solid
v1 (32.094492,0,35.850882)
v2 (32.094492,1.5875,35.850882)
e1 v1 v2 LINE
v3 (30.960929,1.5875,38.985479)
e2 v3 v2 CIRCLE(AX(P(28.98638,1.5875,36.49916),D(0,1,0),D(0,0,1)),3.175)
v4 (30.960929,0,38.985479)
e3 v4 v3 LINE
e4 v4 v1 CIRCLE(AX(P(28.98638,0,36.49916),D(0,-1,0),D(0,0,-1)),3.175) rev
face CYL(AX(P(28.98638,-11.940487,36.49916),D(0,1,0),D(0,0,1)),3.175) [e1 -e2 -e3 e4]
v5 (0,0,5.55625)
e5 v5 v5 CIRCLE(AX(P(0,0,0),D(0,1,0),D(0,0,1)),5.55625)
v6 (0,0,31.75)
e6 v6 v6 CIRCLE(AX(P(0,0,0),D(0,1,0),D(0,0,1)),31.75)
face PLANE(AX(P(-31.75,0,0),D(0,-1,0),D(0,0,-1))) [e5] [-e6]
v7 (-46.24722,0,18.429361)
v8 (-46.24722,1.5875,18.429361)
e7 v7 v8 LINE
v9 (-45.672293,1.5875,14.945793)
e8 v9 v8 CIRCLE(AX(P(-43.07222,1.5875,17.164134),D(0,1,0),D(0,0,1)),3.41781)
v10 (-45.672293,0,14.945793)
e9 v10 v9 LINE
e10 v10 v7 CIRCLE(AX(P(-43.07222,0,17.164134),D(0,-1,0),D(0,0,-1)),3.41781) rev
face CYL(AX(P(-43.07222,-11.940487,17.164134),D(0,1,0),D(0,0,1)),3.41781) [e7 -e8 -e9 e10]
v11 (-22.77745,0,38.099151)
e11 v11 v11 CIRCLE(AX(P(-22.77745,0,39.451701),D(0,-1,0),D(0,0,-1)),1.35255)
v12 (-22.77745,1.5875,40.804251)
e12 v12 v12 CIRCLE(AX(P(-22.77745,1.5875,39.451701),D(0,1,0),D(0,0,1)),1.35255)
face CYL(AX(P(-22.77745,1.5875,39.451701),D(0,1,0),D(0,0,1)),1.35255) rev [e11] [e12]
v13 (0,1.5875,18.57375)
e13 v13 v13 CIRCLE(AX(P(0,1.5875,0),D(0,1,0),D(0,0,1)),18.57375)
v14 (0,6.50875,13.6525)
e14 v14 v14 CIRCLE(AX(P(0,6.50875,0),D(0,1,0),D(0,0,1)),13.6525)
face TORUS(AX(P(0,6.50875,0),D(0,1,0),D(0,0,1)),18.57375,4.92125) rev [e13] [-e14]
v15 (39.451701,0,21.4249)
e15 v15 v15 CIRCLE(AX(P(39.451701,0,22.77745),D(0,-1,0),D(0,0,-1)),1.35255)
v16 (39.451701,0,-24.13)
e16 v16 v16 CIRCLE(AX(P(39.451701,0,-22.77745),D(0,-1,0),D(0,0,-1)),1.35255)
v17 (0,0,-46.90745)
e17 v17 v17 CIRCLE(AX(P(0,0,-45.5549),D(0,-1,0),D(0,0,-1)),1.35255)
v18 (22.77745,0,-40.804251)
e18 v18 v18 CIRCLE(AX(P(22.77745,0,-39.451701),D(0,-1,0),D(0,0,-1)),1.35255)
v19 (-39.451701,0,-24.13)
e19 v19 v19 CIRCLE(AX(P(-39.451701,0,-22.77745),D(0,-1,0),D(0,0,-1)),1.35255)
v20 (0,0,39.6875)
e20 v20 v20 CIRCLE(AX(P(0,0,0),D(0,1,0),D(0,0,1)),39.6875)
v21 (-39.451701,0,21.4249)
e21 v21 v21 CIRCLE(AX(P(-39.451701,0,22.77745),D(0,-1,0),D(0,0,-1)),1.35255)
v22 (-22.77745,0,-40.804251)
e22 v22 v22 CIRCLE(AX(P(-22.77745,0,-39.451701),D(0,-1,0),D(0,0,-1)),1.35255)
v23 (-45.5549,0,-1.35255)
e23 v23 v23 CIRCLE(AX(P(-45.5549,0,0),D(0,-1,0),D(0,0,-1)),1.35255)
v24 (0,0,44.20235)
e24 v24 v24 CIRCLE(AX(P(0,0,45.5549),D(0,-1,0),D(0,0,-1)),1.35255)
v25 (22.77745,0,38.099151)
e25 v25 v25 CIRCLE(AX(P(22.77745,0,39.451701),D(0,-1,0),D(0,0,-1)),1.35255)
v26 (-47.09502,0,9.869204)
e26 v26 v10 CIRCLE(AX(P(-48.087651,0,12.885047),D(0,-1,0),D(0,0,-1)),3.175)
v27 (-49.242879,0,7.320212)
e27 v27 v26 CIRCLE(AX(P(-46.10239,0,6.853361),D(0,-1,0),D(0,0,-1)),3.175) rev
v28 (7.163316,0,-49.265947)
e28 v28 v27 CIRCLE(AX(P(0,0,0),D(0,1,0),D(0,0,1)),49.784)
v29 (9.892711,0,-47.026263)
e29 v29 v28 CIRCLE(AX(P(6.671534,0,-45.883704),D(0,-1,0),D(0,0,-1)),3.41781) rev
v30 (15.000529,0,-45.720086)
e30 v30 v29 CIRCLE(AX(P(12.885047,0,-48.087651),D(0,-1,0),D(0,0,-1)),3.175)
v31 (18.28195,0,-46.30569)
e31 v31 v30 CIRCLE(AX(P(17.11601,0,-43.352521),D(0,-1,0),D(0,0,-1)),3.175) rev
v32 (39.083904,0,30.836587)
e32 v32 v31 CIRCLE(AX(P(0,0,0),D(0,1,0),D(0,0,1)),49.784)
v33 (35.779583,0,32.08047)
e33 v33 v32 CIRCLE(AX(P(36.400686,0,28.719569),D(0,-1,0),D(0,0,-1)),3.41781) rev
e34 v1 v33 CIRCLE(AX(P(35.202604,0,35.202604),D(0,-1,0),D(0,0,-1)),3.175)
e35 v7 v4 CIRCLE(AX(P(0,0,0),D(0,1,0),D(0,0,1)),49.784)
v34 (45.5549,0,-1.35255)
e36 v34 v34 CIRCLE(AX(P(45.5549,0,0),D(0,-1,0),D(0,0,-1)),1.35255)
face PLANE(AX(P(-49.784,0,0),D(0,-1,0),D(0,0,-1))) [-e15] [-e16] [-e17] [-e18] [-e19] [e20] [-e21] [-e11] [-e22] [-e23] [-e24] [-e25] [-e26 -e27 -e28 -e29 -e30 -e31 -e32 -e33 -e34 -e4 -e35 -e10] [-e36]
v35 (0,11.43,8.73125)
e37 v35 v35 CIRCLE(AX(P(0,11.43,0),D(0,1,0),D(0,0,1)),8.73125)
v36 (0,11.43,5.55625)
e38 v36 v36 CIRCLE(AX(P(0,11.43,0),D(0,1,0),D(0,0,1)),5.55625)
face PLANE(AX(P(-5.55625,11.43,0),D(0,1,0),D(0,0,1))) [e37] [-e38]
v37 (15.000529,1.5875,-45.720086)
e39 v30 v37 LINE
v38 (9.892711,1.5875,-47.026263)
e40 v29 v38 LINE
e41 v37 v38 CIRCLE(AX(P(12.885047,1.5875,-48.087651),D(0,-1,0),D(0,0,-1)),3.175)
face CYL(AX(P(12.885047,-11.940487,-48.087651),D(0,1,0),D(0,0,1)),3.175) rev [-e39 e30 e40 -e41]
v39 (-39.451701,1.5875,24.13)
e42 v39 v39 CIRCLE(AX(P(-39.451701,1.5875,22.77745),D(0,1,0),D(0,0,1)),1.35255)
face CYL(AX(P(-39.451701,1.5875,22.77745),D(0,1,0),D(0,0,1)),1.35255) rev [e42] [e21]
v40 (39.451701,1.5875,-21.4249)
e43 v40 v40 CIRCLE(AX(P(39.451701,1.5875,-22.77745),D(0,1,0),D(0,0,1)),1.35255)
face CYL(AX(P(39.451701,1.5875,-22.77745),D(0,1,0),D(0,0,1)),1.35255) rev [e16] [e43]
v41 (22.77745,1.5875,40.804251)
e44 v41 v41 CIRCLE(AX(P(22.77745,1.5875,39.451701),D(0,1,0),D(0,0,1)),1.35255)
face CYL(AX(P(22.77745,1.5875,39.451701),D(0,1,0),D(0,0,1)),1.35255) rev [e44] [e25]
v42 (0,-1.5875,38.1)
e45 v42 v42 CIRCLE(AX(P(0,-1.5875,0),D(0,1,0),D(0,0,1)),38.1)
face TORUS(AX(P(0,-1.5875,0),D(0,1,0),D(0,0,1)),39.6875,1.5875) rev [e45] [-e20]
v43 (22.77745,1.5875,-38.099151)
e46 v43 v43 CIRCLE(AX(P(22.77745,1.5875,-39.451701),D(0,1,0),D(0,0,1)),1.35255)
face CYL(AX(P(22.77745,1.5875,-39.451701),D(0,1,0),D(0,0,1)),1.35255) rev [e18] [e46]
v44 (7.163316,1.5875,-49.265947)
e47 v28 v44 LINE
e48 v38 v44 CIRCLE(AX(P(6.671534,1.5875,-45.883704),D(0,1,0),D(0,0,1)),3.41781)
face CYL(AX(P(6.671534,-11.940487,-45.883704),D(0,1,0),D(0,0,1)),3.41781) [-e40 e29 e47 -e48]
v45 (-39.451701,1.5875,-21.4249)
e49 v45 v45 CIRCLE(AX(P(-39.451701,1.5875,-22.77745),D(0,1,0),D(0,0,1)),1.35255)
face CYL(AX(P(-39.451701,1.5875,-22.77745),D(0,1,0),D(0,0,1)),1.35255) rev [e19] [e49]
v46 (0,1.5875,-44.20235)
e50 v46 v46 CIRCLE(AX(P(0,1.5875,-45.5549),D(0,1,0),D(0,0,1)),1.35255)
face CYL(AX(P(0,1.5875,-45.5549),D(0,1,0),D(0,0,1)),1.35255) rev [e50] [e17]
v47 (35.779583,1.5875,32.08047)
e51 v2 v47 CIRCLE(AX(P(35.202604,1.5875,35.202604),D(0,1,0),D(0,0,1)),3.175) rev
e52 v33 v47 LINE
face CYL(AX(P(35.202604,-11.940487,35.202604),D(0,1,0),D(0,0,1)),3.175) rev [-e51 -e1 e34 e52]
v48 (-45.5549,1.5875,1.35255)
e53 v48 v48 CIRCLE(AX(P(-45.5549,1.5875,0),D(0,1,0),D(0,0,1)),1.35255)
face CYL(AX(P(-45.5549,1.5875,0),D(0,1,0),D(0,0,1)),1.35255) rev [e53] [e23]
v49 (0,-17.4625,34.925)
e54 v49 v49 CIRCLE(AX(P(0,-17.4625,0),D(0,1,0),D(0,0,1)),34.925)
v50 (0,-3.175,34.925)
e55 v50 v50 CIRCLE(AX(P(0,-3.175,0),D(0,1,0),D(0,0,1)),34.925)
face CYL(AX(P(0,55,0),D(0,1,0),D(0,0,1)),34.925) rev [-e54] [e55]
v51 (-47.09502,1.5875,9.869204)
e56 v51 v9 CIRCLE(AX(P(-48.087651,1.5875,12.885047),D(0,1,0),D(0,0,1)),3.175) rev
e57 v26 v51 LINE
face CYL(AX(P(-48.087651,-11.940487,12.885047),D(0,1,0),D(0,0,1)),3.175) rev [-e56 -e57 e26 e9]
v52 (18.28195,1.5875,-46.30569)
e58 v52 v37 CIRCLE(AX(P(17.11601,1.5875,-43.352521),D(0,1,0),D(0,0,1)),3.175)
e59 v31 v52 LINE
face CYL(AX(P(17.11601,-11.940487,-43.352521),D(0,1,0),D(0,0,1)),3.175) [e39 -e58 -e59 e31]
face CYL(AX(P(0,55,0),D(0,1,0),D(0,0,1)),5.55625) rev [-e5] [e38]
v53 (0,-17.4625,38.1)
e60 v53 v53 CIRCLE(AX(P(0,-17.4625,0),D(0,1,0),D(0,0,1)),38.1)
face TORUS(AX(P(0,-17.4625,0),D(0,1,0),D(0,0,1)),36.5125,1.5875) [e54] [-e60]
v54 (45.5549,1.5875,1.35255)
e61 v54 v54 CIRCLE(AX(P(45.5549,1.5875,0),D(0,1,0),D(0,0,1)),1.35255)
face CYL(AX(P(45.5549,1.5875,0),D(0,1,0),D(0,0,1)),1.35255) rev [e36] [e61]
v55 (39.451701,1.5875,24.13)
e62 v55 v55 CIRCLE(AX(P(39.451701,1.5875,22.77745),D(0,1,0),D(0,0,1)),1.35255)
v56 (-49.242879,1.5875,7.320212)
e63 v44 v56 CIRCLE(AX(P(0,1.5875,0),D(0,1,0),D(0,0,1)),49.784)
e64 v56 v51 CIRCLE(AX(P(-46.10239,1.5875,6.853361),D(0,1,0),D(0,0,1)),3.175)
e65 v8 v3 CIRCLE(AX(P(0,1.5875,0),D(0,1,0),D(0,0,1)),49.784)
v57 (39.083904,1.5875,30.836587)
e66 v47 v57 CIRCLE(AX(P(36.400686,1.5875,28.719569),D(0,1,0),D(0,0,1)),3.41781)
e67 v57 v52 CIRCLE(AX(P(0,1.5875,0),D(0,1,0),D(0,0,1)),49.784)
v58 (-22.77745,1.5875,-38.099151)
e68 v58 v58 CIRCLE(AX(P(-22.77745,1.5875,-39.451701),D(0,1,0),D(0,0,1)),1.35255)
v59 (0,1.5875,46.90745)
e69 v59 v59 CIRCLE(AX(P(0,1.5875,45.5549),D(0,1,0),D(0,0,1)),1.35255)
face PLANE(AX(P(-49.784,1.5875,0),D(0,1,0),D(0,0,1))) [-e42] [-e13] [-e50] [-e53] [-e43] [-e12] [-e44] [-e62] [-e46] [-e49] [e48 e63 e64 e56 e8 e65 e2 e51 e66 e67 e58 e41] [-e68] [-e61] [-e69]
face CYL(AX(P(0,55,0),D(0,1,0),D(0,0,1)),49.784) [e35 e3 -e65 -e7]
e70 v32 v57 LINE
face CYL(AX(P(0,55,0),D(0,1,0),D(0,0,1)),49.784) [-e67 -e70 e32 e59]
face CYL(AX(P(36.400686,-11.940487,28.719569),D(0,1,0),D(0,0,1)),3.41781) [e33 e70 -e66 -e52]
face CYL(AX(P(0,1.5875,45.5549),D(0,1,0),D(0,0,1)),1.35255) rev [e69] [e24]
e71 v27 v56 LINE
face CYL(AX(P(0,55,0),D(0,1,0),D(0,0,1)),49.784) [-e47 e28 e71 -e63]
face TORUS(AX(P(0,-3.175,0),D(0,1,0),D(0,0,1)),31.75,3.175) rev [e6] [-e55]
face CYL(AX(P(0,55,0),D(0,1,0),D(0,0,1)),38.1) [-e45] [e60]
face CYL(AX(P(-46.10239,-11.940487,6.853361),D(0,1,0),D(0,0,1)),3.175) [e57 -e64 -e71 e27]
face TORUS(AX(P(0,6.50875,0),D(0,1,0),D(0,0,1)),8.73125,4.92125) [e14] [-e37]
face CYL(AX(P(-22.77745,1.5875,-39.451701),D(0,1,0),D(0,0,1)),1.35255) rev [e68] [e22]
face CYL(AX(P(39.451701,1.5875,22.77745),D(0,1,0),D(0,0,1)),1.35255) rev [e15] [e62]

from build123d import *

# Parameters (mm, degrees)
F_36_0_1065_DIAMETER_HOLE1_D   = 2.7051
CIRPATTERN1_COUNT              = 12
F_7_16_0_4375_DIAMETER_HOLE1_D = 11.1125
CUT_EXTRUDE1_DEPTH             = 1.5875


with BuildPart() as part:
    # Sketch1 → Revolve1 (revolve)
    with BuildSketch(Plane.XY):
        with BuildLine():
            Line((-49.784, 0), (-39.6875, 0))
            ThreePointArc((-39.6875, 0), (-38.564967985, -0.464967985), (-38.1, -1.5875))
            Line((-38.1, -1.5875), (-38.1, -17.4625))
            ThreePointArc((-38.1, -17.4625), (-36.5125, -19.05), (-34.925, -17.4625))
            Line((-34.925, -17.4625), (-34.925, -3.175))
            ThreePointArc((-34.925, -3.175), (-33.99506403, -0.92993597), (-31.75, 0))
            Line((-31.75, 0), (-5.55625, 0))
            Line((-5.55625, 0), (-5.55625, 11.43))
            Line((-5.55625, 11.43), (-8.73125, 11.43))
            ThreePointArc((-8.73125, 11.43), (-12.211099247, 9.988599247), (-13.6525, 6.50875))
            ThreePointArc((-13.6525, 6.50875), (-15.093900753, 3.028900753), (-18.57375, 1.5875))
            Line((-18.57375, 1.5875), (-49.784, 1.5875))
            Line((-49.784, 1.5875), (-49.784, 0))
        make_face()
    revolve(axis=Axis((0, 55, 0), (0, -1, 0)))

    # #36 (0.1065) Diameter Hole1 (through all)
    with Locations(Plane(origin=(0, 1.5875, 0), x_dir=(1, 0, 0), z_dir=(0, 1, 0))):
        with Locations((-45.5549, 0)):
            f_36_0_1065_diameter_hole1 = Hole(F_36_0_1065_DIAMETER_HOLE1_D / 2)

    # CirPattern1: #36 (0.1065) Diameter Hole1 ×12 about axis
    cirpattern1_axis = Axis((0, 0, 0), (0, 1, 0))
    for i in range(1, CIRPATTERN1_COUNT):
        add(f_36_0_1065_diameter_hole1.rotate(cirpattern1_axis, i * 360 / CIRPATTERN1_COUNT), mode=Mode.SUBTRACT)

    # 7/16 (0.4375) Diameter Hole1 (through all)
    with Locations(Plane(origin=(0, 11.43, 0), x_dir=(1, 0, 0), z_dir=(0, 1, 0))):
        with Locations((0, 0)):
            Hole(F_7_16_0_4375_DIAMETER_HOLE1_D / 2)

    # Sketch6 → Cut-Extrude1 (cut)
    with BuildSketch(Plane(origin=(0, 1.5875, 0), x_dir=(1, 0, 0), z_dir=(0, 1, 0))):
        with BuildLine():
            ThreePointArc((-49.242879261, -7.320211614), (-48.530354217, -8.899238309), (-47.095020424, -9.869204363))
            ThreePointArc((-47.095020424, -9.869204363), (-45.030441175, -12.028256218), (-45.672293343, -14.945792538))
            ThreePointArc((-45.672293343, -14.945792538), (-46.444411893, -16.607589119), (-46.247219759, -18.429360287))
            ThreePointArc((-46.247219759, -18.429360287), (-48.067068235, -12.961620549), (-49.242879261, -7.320211614))
        make_face()
        with BuildLine():
            ThreePointArc((9.892710654, 47.026262554), (8.839611874, 48.525835123), (7.163315695, 49.265947309))
            ThreePointArc((7.163315695, 49.265947309), (12.808441449, 48.108112452), (18.281950412, 46.305690203))
            ThreePointArc((18.281950412, 46.305690203), (16.558210658, 46.478138761), (15.000528519, 45.72008626))
            ThreePointArc((15.000528519, 45.72008626), (12.09844514, 45.01163411), (9.892710654, 47.026262554))
        make_face()
        with BuildLine():
            ThreePointArc((35.77958269, -32.080470015), (37.604800019, -31.918246004), (39.083904064, -30.836587022))
            ThreePointArc((39.083904064, -30.836587022), (35.258626787, -35.146491903), (30.96092885, -38.985478588))
            ThreePointArc((30.96092885, -38.985478588), (31.972143558, -37.578900452), (32.094491905, -35.850881898))
            ThreePointArc((32.094491905, -35.850881898), (32.931996035, -32.983377892), (35.77958269, -32.080470015))
        make_face()
    extrude(amount=-CUT_EXTRUDE1_DEPTH, mode=Mode.SUBTRACT)


solid = part.part
